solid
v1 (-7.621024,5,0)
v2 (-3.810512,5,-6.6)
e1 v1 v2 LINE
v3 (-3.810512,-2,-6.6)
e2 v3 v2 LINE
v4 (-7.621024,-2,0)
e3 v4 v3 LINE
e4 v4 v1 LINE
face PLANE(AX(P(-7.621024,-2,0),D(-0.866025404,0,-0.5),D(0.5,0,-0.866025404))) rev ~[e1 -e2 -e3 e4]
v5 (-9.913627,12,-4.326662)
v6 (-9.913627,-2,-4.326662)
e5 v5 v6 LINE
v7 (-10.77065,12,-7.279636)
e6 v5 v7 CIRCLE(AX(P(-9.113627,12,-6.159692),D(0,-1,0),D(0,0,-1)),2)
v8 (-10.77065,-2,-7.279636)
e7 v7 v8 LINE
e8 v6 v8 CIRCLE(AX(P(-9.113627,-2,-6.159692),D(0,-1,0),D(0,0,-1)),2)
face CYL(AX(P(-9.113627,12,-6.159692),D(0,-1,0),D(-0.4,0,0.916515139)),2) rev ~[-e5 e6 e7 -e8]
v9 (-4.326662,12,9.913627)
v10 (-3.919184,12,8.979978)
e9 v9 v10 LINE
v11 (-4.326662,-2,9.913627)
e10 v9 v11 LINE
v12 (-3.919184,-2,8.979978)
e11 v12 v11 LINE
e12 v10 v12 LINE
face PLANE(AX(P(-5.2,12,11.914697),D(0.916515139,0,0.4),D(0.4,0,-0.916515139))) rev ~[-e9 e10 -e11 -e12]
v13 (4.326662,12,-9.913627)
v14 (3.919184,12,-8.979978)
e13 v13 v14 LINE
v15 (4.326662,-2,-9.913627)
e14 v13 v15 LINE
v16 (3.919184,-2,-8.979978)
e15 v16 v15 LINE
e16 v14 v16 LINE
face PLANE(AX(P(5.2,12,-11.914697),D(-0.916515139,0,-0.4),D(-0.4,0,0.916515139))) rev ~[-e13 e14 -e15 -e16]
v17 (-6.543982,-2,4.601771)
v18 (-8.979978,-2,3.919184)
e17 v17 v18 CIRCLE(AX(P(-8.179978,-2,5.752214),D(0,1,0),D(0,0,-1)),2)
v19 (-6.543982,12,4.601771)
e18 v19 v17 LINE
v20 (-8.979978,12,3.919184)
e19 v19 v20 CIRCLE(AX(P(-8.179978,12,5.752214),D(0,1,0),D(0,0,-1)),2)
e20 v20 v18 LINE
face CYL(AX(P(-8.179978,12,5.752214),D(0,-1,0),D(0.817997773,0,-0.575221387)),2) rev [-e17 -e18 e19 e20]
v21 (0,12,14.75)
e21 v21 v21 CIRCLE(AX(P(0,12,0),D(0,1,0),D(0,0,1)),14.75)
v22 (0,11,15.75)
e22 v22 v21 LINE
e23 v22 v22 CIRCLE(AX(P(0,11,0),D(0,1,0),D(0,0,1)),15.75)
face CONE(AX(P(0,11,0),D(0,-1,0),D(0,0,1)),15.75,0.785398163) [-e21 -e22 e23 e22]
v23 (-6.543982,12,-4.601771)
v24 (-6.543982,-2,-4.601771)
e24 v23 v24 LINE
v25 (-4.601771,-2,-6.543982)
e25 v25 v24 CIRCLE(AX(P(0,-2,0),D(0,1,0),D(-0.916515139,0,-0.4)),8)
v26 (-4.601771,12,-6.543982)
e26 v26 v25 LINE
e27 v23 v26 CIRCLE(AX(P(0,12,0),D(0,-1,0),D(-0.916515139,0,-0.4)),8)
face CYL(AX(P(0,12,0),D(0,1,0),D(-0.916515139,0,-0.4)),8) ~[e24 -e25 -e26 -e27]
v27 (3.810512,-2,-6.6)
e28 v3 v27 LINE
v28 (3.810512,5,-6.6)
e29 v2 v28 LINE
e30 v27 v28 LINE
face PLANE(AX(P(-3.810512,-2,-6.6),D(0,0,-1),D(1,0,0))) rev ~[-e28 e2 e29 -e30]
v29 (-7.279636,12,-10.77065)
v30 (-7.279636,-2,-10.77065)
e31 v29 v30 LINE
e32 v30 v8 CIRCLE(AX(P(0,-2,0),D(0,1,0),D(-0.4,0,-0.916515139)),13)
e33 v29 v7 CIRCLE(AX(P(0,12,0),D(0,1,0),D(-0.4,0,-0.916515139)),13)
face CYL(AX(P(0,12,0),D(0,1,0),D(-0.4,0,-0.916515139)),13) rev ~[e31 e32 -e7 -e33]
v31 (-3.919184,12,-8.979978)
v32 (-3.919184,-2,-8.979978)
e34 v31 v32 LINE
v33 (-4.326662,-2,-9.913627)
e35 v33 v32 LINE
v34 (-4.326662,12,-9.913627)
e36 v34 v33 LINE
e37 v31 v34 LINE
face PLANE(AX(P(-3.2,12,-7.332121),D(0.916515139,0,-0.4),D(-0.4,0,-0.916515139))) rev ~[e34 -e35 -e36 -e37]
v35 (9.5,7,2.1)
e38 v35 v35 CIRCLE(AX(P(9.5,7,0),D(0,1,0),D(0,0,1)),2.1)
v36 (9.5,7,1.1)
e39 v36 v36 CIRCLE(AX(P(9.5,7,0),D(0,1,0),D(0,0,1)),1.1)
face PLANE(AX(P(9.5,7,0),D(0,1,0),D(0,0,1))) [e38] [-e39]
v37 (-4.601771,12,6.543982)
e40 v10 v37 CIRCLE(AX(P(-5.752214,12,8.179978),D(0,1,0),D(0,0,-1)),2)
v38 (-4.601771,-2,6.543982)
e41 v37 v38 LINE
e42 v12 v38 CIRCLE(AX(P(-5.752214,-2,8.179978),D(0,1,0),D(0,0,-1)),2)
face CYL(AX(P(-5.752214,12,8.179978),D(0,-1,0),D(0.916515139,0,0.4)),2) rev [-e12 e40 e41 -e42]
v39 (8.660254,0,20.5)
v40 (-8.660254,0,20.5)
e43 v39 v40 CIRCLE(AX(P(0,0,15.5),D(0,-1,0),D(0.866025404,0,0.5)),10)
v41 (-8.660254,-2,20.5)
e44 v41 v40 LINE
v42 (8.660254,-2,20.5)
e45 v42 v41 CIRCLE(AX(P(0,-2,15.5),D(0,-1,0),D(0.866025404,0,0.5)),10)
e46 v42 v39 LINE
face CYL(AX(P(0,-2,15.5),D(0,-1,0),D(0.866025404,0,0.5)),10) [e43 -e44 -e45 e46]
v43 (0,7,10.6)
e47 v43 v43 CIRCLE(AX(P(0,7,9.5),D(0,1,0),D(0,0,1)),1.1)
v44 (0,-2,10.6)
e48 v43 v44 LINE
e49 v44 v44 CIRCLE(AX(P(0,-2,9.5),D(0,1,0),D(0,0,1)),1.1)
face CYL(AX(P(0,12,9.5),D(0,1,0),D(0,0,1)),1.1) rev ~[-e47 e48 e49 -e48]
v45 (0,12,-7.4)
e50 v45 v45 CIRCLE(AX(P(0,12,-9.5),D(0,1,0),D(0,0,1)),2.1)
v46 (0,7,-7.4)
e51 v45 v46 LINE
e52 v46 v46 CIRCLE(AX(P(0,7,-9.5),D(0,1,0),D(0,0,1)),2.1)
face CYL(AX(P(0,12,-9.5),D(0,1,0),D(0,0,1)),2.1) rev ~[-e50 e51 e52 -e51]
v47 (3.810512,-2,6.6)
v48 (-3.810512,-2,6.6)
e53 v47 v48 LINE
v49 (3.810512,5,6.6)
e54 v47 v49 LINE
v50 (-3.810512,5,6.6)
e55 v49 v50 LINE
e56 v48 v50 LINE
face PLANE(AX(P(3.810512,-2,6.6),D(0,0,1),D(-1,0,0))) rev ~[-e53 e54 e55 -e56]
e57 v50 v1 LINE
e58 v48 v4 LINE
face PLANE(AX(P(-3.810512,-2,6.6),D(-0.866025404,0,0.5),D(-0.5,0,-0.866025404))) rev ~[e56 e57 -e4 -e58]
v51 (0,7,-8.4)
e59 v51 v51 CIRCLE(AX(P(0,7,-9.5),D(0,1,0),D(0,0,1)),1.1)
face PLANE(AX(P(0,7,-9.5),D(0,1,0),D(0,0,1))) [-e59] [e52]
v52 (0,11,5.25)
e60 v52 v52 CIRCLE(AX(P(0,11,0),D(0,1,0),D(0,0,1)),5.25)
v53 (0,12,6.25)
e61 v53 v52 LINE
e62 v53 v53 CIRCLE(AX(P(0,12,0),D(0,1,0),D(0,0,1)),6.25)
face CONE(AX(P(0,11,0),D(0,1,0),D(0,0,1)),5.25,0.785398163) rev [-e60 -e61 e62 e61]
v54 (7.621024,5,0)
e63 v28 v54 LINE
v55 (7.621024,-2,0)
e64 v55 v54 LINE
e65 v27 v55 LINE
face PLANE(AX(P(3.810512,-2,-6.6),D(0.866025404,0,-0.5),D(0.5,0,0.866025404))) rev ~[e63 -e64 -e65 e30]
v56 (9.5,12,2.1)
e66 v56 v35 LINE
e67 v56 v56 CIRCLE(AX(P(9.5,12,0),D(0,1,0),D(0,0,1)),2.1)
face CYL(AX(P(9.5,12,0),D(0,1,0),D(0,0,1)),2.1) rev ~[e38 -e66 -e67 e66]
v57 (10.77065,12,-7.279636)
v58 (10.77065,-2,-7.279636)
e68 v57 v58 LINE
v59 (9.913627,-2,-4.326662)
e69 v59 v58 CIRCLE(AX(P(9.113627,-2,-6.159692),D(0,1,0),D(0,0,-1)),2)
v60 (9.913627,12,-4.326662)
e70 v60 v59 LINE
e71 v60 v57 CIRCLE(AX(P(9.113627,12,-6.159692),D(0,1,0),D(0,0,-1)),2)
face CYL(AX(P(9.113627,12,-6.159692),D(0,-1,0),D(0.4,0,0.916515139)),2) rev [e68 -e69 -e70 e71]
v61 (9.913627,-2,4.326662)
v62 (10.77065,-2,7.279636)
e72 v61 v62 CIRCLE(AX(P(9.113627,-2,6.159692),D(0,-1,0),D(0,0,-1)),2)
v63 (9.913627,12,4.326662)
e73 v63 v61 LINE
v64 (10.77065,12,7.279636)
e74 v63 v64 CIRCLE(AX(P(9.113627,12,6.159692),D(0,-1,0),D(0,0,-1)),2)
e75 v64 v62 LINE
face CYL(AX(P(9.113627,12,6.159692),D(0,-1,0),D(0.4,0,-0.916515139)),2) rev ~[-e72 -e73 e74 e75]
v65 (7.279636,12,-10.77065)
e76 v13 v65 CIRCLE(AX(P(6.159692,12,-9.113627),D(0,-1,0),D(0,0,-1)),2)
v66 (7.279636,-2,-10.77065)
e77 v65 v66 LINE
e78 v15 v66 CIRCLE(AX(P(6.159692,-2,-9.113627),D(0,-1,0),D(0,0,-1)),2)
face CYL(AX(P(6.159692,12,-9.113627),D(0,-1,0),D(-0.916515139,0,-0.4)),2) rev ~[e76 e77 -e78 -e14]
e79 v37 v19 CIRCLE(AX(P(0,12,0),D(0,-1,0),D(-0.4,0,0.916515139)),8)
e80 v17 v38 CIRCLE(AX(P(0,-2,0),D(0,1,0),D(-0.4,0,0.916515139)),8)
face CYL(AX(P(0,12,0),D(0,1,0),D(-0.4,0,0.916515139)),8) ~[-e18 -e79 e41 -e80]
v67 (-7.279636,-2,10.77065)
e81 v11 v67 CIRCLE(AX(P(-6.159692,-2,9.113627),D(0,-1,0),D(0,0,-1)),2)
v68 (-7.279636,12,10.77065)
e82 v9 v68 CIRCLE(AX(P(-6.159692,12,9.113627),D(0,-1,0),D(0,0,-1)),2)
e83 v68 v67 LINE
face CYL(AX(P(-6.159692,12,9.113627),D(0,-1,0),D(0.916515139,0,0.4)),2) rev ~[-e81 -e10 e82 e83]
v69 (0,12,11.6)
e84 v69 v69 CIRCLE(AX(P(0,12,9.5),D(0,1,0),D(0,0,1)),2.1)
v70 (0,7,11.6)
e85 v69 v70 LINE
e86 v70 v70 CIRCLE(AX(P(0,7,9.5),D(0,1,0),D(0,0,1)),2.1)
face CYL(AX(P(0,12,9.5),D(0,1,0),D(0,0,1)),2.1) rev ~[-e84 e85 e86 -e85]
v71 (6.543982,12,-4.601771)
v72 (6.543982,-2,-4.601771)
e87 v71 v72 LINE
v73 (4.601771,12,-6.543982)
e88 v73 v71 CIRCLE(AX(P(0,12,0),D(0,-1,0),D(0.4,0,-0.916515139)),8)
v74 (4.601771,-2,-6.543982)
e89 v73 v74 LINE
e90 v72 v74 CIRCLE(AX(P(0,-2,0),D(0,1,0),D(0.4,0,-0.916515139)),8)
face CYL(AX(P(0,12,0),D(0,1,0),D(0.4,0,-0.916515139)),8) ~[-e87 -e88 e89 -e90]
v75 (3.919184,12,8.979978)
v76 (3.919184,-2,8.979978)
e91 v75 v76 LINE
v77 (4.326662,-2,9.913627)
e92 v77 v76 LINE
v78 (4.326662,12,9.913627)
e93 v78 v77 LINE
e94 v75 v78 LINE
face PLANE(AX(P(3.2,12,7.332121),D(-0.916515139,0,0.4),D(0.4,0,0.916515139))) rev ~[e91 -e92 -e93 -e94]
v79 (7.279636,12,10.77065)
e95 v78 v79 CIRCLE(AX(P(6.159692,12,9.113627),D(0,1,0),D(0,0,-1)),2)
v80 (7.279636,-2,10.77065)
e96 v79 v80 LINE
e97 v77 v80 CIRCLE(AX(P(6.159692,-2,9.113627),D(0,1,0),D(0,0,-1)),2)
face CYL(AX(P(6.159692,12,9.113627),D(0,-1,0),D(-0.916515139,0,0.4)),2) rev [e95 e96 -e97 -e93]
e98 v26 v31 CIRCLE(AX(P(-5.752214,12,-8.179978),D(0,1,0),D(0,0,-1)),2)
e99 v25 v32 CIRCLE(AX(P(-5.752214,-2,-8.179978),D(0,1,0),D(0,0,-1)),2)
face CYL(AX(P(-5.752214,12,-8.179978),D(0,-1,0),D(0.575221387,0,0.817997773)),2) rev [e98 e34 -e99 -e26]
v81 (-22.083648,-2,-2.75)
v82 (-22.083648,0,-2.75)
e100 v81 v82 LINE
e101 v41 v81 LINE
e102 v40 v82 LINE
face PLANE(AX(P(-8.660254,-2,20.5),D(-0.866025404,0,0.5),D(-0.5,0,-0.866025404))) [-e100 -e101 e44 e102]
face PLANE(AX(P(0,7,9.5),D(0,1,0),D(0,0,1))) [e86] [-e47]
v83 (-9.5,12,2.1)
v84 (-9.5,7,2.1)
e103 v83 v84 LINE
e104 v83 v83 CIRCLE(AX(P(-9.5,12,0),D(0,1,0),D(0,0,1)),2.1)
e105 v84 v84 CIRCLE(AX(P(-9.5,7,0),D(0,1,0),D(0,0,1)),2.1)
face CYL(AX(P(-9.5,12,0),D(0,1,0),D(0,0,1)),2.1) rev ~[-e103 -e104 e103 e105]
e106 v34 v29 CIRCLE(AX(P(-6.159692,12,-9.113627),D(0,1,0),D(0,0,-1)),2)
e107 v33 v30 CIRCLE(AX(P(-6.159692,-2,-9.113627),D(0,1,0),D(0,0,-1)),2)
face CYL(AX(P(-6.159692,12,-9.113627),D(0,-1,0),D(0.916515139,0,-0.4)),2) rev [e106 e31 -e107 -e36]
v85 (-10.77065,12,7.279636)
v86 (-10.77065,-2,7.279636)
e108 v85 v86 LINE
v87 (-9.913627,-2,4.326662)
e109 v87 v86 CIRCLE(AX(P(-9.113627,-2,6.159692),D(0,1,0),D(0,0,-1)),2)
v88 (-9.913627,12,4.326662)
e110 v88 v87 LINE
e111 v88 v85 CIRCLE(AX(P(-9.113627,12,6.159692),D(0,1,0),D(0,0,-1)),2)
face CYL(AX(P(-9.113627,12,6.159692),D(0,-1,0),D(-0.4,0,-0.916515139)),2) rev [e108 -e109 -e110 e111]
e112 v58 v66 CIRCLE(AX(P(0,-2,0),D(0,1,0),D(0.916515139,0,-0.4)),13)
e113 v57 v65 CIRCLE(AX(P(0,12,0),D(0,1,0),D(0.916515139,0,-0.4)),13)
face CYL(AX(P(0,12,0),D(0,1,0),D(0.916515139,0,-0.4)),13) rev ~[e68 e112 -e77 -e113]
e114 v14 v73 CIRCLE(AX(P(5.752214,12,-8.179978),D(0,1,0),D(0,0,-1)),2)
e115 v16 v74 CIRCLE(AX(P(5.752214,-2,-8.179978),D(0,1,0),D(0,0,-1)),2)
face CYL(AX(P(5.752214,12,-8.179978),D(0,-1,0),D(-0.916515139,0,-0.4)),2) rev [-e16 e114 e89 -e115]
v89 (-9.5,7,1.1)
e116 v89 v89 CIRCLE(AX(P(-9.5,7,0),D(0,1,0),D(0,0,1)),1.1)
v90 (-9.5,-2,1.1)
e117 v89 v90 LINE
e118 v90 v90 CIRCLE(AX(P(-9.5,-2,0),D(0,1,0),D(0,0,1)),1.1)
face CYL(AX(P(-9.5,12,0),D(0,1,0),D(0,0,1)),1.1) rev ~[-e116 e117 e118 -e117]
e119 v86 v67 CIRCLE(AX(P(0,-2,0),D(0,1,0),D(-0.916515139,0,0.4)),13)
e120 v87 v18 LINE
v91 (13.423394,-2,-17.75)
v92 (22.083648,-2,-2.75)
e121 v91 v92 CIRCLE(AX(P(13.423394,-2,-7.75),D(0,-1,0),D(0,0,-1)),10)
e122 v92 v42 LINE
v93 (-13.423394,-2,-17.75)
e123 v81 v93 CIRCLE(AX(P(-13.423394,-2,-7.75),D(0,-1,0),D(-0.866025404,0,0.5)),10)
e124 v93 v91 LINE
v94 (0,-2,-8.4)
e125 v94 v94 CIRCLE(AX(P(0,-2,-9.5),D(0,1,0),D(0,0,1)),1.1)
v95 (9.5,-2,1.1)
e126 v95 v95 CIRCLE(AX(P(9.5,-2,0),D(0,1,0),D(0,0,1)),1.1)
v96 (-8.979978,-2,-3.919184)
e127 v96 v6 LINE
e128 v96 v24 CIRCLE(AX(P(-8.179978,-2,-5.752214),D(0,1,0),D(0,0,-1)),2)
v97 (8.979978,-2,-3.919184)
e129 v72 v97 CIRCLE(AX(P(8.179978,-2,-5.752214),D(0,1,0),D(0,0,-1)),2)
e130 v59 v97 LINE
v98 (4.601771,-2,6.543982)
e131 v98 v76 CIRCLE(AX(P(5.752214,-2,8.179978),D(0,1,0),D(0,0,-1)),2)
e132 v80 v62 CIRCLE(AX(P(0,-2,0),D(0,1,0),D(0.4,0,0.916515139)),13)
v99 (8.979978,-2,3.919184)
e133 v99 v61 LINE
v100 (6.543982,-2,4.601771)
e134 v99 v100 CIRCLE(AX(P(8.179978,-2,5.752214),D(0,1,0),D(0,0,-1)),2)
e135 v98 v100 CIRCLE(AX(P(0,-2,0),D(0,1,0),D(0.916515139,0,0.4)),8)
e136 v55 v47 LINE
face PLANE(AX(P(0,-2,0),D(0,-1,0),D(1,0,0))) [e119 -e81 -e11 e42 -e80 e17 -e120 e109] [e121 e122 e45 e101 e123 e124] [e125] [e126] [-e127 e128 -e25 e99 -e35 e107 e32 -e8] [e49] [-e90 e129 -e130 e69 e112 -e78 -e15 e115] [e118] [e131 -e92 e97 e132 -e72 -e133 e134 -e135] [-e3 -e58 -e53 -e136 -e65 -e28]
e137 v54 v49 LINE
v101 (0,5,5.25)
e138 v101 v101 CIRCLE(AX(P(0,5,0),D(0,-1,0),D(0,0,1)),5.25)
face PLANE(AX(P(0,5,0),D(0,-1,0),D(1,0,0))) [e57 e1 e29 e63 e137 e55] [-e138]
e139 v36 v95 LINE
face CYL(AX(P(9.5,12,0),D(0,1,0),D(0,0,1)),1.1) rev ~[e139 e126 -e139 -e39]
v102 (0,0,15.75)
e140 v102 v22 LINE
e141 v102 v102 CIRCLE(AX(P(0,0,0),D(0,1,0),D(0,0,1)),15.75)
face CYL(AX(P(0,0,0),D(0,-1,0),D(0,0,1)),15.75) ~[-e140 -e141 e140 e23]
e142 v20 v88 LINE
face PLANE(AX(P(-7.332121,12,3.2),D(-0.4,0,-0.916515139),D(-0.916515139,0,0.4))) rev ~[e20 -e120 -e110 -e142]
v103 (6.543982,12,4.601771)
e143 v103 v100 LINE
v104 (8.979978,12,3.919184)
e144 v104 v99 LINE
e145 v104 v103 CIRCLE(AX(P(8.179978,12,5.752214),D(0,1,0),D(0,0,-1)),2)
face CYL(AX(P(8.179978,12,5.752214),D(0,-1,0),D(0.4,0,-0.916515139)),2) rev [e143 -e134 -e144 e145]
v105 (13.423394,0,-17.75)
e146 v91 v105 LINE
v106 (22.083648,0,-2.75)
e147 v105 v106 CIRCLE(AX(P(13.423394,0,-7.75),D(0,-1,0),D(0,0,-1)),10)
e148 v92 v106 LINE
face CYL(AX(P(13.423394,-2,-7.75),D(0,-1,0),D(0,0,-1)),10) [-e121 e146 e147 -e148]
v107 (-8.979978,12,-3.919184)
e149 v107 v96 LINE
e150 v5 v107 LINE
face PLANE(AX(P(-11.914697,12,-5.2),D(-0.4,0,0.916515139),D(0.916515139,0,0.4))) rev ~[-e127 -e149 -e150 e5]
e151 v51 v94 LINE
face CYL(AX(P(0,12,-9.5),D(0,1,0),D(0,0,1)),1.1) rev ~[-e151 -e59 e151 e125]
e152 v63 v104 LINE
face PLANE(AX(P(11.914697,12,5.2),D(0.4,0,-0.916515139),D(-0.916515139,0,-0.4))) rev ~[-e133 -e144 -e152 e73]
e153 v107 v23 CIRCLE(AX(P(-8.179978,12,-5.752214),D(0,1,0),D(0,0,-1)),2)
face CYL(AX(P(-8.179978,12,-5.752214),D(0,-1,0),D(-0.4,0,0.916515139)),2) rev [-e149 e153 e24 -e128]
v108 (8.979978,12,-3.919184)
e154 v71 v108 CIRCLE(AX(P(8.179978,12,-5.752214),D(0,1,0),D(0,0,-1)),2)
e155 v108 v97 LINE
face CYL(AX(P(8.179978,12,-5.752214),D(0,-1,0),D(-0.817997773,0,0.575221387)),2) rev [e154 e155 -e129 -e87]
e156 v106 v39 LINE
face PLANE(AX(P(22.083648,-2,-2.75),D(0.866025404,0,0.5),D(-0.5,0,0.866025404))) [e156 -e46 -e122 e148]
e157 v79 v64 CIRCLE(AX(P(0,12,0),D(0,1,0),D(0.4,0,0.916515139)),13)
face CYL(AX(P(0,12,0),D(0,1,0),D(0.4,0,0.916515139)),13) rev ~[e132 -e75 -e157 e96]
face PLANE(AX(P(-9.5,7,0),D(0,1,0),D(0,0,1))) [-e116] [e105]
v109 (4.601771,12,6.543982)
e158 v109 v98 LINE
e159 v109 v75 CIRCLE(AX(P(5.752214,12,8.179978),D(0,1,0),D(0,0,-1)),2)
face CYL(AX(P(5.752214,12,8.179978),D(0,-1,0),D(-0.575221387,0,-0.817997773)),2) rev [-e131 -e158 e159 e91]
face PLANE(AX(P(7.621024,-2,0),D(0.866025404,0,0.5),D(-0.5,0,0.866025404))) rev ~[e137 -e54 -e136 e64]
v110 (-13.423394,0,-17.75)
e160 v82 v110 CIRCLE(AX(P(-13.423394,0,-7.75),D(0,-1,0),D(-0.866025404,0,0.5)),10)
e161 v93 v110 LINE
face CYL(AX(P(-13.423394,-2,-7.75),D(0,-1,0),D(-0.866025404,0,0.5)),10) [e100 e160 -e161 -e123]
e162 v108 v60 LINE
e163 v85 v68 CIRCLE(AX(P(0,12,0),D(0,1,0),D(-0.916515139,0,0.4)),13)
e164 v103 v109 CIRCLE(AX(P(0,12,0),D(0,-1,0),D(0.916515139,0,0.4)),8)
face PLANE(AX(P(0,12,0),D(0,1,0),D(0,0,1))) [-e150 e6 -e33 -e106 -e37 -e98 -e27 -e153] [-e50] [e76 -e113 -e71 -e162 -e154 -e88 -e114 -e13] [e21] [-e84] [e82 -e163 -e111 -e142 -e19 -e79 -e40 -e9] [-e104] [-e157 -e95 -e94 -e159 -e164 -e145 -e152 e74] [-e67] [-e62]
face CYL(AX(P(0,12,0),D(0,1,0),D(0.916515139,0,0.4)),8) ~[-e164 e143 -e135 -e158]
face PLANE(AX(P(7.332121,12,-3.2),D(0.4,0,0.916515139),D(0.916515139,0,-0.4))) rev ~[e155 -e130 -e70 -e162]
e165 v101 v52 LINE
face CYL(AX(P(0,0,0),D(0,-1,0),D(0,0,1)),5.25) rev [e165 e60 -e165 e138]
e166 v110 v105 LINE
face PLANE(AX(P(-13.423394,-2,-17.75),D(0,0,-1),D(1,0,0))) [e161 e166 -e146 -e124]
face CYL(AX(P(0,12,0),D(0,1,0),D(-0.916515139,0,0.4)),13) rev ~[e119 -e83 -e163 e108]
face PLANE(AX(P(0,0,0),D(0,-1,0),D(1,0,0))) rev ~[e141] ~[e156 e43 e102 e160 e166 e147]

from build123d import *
from build123d.topology import SkipClean

# Parameters (mm, degrees)
SKETCH_1_R          = 15.75
SKETCH_1_R_2        = 5.25
EXTRUDE_1_DEPTH     = 12
EXTRUDE_START       = 2
SKETCH_2_R          = 5.25
EXTRUDE_2_DEPTH     = 2
CUT_EXTRUDE_1_DEPTH = 7
SKETCH_5_R          = 1.1
CUT_EXTRUDE_2_DEPTH = 38.348432031
SKETCH_6_R          = 2.1
CUT_EXTRUDE_3_DEPTH = 5
CHAMFER_1_SIZE      = 1
CUT_EXTRUDE_4_DEPTH = 38.348432031
FILLET_1_R          = 2


with BuildPart() as part:
    # Эскиз1 → Бобышка-Вытянуть1 (new body)
    with BuildSketch(Plane(origin=(0, 0, 0), x_dir=(1, 0, 0), z_dir=(0, 1, 0))):
        with Locations(Location((0, 0, 0), (0, 0, 270))):
            Circle(SKETCH_1_R)
        with Locations(Location((0, 0, 0), (0, 0, 270))):
            Circle(SKETCH_1_R_2, mode=Mode.SUBTRACT)
    extrude(amount=EXTRUDE_1_DEPTH)

    # Эскиз2 → Бобышка-Вытянуть2 (add)
    with SkipClean():  # the faces are left unmerged after this step: merging them gives an invalid solid
        with BuildSketch(Plane.XZ.offset(EXTRUDE_START)):
            with BuildLine():
                Line((-8.660254038, 20.5), (-22.083647797, -2.75))
                ThreePointArc((-22.083647797, -2.75), (-22.083647797, -12.75), (-13.423393759, -17.75))
                Line((-13.423393759, -17.75), (13.423393759, -17.75))
                ThreePointArc((13.423393759, -17.75), (22.083647797, -12.75), (22.083647797, -2.75))
                Line((22.083647797, -2.75), (8.660254038, 20.5))
                ThreePointArc((8.660254038, 20.5), (0, 25.5), (-8.660254038, 20.5))
            make_face()
            with Locations(Location((0, 0, 0), (0, 0, 270))):
                Circle(SKETCH_2_R, mode=Mode.SUBTRACT)
        extrude(amount=-EXTRUDE_2_DEPTH)

    # Эскиз3 → Вырез-Вытянуть1 (cut)
    with BuildSketch(Plane.XZ.offset(2)):
        Polygon((3.810511777, 6.6), (-3.810511777, 6.6), (-7.621023553, 0), (-3.810511777, -6.6), (3.810511777, -6.6), (7.621023553, 0), align=None)
    extrude(amount=-CUT_EXTRUDE_1_DEPTH, mode=Mode.SUBTRACT)

    # Эскиз5 → Вырез-Вытянуть2 (cut, through all)
    with BuildSketch(Plane(origin=(0, 12, 0), x_dir=(1, 0, 0), z_dir=(0, 1, 0))):
        with Locations(Location((0, 9.5, 0), (0, 0, 270))):
            Circle(SKETCH_5_R)
        with Locations(Location((9.5, 0, 0), (0, 0, 270))):
            Circle(SKETCH_5_R)
        with Locations(Location((0, -9.5, 0), (0, 0, 270))):
            Circle(SKETCH_5_R)
        with Locations(Location((-9.5, 0, 0), (0, 0, 270))):
            Circle(SKETCH_5_R)
    extrude(amount=-CUT_EXTRUDE_2_DEPTH, mode=Mode.SUBTRACT)

    # Эскиз6 → Вырез-Вытянуть3 (cut)
    with BuildSketch(Plane(origin=(0, 12, 0), x_dir=(1, 0, 0), z_dir=(0, 1, 0))):
        with Locations(Location((0, 9.5, 0), (0, 0, 270))):
            Circle(SKETCH_6_R)
        with Locations(Location((9.5, 0, 0), (0, 0, 270))):
            Circle(SKETCH_6_R)
        with Locations(Location((0, -9.5, 0), (0, 0, 270))):
            Circle(SKETCH_6_R)
        with Locations(Location((-9.5, 0, 0), (0, 0, 270))):
            Circle(SKETCH_6_R)
    extrude(amount=-CUT_EXTRUDE_3_DEPTH, mode=Mode.SUBTRACT)

    # Фаска1
    chamfer_1_edges = [part.edges().sort_by_distance(p)[0] for p in [
        (0, 12, -15.75),
        (0, 12, -5.25),
    ]]
    chamfer(chamfer_1_edges, length=CHAMFER_1_SIZE)

    # Эскиз7 → Вырез-Вытянуть4 (cut, through all)
    with BuildSketch(Plane(origin=(0, 12, 0), x_dir=(1, 0, 0), z_dir=(0, 1, 0))):
        with BuildLine():
            Line((5.2, 11.914696807), (3.2, 7.332121112))
            ThreePointArc((3.2, 7.332121112), (5.656854249, 5.656854249), (7.332121112, 3.2))
            Line((7.332121112, 3.2), (11.914696807, 5.2))
            ThreePointArc((11.914696807, 5.2), (9.192388155, 9.192388155), (5.2, 11.914696807))
        make_face()
        with BuildLine():
            Line((11.914696807, -5.2), (7.332121112, -3.2))
            ThreePointArc((7.332121112, -3.2), (5.656854249, -5.656854249), (3.2, -7.332121112))
            Line((3.2, -7.332121112), (5.2, -11.914696807))
            ThreePointArc((5.2, -11.914696807), (9.192388155, -9.192388155), (11.914696807, -5.2))
        make_face()
        with BuildLine():
            Line((-5.2, -11.914696807), (-3.2, -7.332121112))
            ThreePointArc((-3.2, -7.332121112), (-5.656854249, -5.656854249), (-7.332121112, -3.2))
            Line((-7.332121112, -3.2), (-11.914696807, -5.2))
            ThreePointArc((-11.914696807, -5.2), (-9.192388155, -9.192388155), (-5.2, -11.914696807))
        make_face()
        with BuildLine():
            Line((-11.914696807, 5.2), (-7.332121112, 3.2))
            ThreePointArc((-7.332121112, 3.2), (-5.656854249, 5.656854249), (-3.2, 7.332121112))
            Line((-3.2, 7.332121112), (-5.2, 11.914696807))
            ThreePointArc((-5.2, 11.914696807), (-9.192388155, 9.192388155), (-11.914696807, 5.2))
        make_face()
    extrude(amount=-CUT_EXTRUDE_4_DEPTH, mode=Mode.SUBTRACT)

    # Скругление1
    fillet_1_edges = [part.edges().sort_by_distance(p)[0] for p in [
        (-5.2, 5, -11.914696807),
        (-3.2, 5, -7.332121112),
        (-7.332121112, 5, -3.2),
        (-11.914696807, 5, -5.2),
        (-11.914696807, 5, 5.2),
        (-7.332121112, 5, 3.2),
        (-3.2, 5, 7.332121112),
        (-5.2, 5, 11.914696807),
        (5.2, 5, 11.914696807),
        (3.2, 5, 7.332121112),
        (7.332121112, 5, 3.2),
        (11.914696807, 5, 5.2),
        (11.914696807, 5, -5.2),
        (7.332121112, 5, -3.2),
        (3.2, 5, -7.332121112),
        (5.2, 5, -11.914696807),
    ]]
    fillet(fillet_1_edges, radius=FILLET_1_R)


solid = part.part
